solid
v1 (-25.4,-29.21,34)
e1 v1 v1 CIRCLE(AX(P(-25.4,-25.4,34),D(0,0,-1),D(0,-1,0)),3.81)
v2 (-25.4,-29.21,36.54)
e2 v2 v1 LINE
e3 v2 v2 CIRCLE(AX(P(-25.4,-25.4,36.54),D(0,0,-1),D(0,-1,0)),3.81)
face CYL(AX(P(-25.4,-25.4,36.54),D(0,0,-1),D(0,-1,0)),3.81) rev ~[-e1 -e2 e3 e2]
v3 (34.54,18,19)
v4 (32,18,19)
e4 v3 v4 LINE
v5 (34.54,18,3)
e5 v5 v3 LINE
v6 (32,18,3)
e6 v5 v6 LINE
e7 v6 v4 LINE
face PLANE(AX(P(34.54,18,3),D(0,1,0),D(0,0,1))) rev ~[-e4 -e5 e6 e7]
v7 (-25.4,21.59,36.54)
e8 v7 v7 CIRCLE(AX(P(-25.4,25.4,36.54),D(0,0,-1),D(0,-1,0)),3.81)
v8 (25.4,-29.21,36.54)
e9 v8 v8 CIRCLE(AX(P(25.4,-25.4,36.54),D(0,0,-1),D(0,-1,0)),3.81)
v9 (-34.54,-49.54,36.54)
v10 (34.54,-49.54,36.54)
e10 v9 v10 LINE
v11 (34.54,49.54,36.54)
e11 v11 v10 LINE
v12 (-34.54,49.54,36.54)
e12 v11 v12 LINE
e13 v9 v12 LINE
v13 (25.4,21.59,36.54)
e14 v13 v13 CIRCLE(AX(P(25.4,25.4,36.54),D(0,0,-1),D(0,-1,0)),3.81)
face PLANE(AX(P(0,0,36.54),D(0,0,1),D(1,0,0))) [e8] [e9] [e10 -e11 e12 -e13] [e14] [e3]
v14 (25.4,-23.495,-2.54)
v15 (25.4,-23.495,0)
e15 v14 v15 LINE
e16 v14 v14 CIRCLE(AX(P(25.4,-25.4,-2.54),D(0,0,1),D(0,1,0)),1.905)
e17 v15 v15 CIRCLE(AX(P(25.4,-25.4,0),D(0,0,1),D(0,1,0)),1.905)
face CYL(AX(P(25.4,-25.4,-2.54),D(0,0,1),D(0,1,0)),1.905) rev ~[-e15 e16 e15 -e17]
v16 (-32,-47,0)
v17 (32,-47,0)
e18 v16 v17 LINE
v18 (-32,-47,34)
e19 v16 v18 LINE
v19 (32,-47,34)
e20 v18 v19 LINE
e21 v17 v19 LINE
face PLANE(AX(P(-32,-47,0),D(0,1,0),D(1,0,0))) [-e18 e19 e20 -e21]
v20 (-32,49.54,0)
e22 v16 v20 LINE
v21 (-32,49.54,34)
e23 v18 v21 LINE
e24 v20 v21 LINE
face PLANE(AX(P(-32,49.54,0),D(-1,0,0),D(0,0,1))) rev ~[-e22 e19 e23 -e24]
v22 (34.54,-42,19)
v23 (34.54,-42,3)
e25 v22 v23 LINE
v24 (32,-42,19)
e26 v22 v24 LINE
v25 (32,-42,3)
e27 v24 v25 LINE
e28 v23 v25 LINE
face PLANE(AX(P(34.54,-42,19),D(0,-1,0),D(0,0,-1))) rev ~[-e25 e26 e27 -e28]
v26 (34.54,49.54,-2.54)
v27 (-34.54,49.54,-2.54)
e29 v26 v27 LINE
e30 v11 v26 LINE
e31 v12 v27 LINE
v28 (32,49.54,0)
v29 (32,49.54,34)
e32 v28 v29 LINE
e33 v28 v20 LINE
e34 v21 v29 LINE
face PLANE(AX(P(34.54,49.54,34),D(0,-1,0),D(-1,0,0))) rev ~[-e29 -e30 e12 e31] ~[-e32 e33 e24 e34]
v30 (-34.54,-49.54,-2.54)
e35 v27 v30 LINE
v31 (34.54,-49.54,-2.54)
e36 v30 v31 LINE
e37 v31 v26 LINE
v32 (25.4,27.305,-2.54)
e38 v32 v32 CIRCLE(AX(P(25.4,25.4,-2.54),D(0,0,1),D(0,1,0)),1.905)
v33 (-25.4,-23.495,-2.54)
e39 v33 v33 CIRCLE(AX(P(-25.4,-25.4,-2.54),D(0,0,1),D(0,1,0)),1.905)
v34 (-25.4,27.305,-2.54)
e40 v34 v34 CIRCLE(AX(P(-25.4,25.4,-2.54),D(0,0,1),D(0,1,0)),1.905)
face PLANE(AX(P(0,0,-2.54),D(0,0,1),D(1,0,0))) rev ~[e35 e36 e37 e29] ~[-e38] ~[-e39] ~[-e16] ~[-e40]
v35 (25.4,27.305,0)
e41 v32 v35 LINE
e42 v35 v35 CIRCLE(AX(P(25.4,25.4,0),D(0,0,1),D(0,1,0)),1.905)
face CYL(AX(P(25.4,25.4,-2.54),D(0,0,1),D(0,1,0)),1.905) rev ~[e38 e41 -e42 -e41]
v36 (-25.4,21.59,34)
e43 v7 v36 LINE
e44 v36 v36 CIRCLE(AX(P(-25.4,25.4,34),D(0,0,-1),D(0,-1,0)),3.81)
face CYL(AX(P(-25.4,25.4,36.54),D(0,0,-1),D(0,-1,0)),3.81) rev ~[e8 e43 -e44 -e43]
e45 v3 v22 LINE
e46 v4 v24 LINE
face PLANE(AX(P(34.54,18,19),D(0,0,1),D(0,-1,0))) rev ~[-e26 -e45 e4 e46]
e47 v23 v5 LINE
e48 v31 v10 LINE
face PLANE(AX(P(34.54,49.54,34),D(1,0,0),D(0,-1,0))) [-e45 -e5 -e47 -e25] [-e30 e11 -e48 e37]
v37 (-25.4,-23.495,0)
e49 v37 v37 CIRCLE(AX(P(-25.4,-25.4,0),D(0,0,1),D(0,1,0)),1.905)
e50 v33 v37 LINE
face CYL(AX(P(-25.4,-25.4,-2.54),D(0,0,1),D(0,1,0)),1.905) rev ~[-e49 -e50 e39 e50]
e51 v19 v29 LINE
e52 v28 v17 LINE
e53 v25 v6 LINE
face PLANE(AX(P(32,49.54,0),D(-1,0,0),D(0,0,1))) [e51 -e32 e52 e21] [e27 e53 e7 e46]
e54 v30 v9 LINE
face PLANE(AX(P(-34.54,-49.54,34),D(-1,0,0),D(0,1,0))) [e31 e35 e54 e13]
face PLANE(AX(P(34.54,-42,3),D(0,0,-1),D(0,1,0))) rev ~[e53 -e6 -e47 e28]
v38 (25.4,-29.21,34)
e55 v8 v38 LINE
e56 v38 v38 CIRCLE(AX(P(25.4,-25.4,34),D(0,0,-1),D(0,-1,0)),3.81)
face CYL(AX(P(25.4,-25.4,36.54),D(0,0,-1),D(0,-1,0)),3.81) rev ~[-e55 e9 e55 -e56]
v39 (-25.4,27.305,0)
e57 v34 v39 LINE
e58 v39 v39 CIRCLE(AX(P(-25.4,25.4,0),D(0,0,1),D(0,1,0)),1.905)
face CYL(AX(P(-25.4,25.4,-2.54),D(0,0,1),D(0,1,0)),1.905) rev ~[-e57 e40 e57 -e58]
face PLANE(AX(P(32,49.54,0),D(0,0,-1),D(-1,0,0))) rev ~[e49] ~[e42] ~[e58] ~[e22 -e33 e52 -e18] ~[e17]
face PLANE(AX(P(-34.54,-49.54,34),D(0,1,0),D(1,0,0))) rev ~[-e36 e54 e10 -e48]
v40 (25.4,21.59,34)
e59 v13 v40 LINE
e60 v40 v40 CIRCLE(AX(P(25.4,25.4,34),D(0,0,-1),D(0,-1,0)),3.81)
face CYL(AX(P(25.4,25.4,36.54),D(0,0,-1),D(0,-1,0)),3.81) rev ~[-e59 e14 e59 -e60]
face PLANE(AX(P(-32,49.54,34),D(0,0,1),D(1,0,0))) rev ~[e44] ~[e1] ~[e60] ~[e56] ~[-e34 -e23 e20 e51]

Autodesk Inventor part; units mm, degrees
ref_plane "YZ Plane" through (0, 0, 0) normal (1, 0, 0) x (0, 1, 0)
ref_plane "XZ Plane" through (0, 0, 0) normal (0, 1, 0) x (-1, 0, 0)
ref_plane "XY Plane" through (0, 0, 0) normal (0, 0, 1) x (1, 0, 0)
sketch "Sketch14" plane through (0, 0, 0) normal (0, 0, 1) x (1, 0, 0)
  line L0 (-34.54, -49.54) -> (34.54, -49.54)
  line L1 (34.54, -49.54) -> (34.54, 49.54)
  line L2 (34.54, 49.54) -> (-34.54, 49.54)
  line L3 (-34.54, 49.54) -> (-34.54, -49.54)
  line L4 (-34.54, -49.54) -> (34.54, 49.54) construction
  line L5 (34.54, -49.54) -> (-34.54, 49.54) construction
  point P0 (0, 0)
  dimension "d66" = 69.08
  dimension "d67" = 99.08
extrude "Extrusion9" add sketch "Sketch14" against normal blind 2.54
sketch "Sketch15" plane through (0, 0, 0) normal (0, 0, 1) x (1, 0, 0)
  line L0 (-34.54, -49.54) -> (-34.54, 49.54) projected
  line L1 (34.54, 49.54) -> (34.54, -49.54) projected
  line L2 (-34.54, -49.54) -> (34.54, -49.54)
  line L3 (34.54, -49.54) -> (34.54, 49.54)
  line L4 (34.54, 49.54) -> (-34.54, 49.54)
  line L5 (-34.54, 49.54) -> (-34.54, -49.54)
  line L6 (-32, -47) -> (32, -47)
  line L7 (32, -47) -> (32, 47)
  line L8 (32, 47) -> (-32, 47)
  line L9 (-32, 47) -> (-32, -47)
  line L10 (-32, -47) -> (32, 47) construction
  line L11 (32, -47) -> (-32, 47) construction
  point P0 (0, 0)
  point P1 (34.54, -49.54)
  dimension "d70" = 64
  dimension "d71" = 94
extrude "Extrusion10" add sketch "Sketch15" along normal blind 34
sketch "Sketch16" plane through (0, 0, 34) normal (0, 0, 1) x (1, 0, 0)
  line L0 (-34.54, -49.54) -> (-34.54, 49.54) projected
  line L1 (34.54, 49.54) -> (34.54, -49.54) projected
  line L2 (-34.54, -49.54) -> (34.54, -49.54)
  line L3 (34.54, -49.54) -> (34.54, 49.54)
  line L4 (34.54, 49.54) -> (-34.54, 49.54)
  line L5 (-34.54, 49.54) -> (-34.54, -49.54)
  point P0 (0, 0)
  point P1 (34.54, -49.54)
extrude "Extrusion11" add sketch "Sketch16" along normal blind 2.54
sketch "Sketch17" plane through (-34.54, 49.54, -2.54) normal (0, 1, 0) x (1, 0, 0)
  line L0 (66.54, -2.54) -> (66.54, -36.54) projected
  line L1 (2.54, -36.54) -> (66.54, -36.54) projected
  line L2 (2.54, -2.54) -> (2.54, -36.54) projected
  line L3 (66.54, -2.54) -> (2.54, -2.54) projected
  line L4 (2.54, -36.54) -> (66.54, -36.54)
  line L5 (66.54, -36.54) -> (66.54, -2.54)
  line L6 (66.54, -2.54) -> (2.54, -2.54)
  line L7 (2.54, -2.54) -> (2.54, -36.54)
  point P0 (34.54, -2.54)
extrude "Extrusion12" cut sketch "Sketch17" against normal blind 2.54
sketch "Sketch18" plane through (34.54, -49.54, -2.54) normal (1, 0, 0) x (0, 0, -1)
  line L0 (-2.54, 2.54) -> (-2.54, 99.08) projected
  line L1 (-36.54, 99.08) -> (-36.54, 2.54) projected
  line L2 (-2.54, 2.54) -> (-36.54, 2.54) projected
  line L3 (-21.54, 7.54) -> (-5.54, 7.54)
  line L4 (-5.54, 7.54) -> (-5.54, 67.54)
  line L5 (-5.54, 67.54) -> (-21.54, 67.54)
  line L6 (-21.54, 67.54) -> (-21.54, 7.54)
  line L7 (-21.54, 7.54) -> (-5.54, 67.54) construction
  line L8 (-5.54, 7.54) -> (-21.54, 67.54) construction
  line L9 (-39.08, 0) -> (-39.08, 99.08) projected
  point P0 (-2.54, 49.54)
  point P1 (-13.54, 37.54)
  dimension "d78" = 5
  dimension "d79" = 3
  dimension "d80" = 15
  dimension "d81" = 65
extrude "Extrusion13" cut sketch "Sketch18" against normal blind 2.54
sketch "Sketch19" plane through (0, 0, -2.54) normal (0, 0, -1) x (-1, 0, 0)
  line L0 (-25.4, -25.4) -> (25.4, -25.4) construction
  line L1 (25.4, -25.4) -> (25.4, 25.4) construction
  line L2 (25.4, 25.4) -> (-25.4, 25.4) construction
  line L3 (-25.4, 25.4) -> (-25.4, -25.4) construction
  line L4 (-25.4, -25.4) -> (25.4, 25.4) construction
  line L5 (25.4, -25.4) -> (-25.4, 25.4) construction
  point P0 (0, 0)
  dimension "d84" = 50.8
  dimension "d85" = 50.8
hole "Hole3" at (25.4, 25.4, -2.54) at (-25.4, 25.4, -2.54) at (-25.4, -25.4, -2.54) at (25.4, -25.4, -2.54) direction (0, 0, 1) diameter 3.81 end through all clearance for "Flat Head Machine Screw (82)" size "#6" standard "Ansi Unified Screw Threads"
sketch "Sketch22" plane through (0, 0, 36.54) normal (0, 0, 1) x (1, 0, 0)
  circle A0 centre (-25.4, 25.4) radius 1.905 projected
  circle A1 centre (25.4, 25.4) radius 1.905 projected
  circle A2 centre (25.4, -25.4) radius 1.905 projected
  circle A3 centre (-25.4, -25.4) radius 1.905 projected
  point P0 (0, 0)
hole "Hole4" at (-25.4, 25.4, 36.54) at (25.4, 25.4, 36.54) at (25.4, -25.4, 36.54) at (-25.4, -25.4, 36.54) direction (0, 0, -1) diameter 7.62 depth 2.54
equation "\"d66\" = piBoxExteriorWidth"
equation "\"d67\" = piBoxExteriorLength"
equation "\"d68\" = piBoxWallThickness"
equation "\"d70\" = piBoxInteriorWidth"
equation "\"d71\" = piBoxInteriorLength"
equation "\"d72\" = piBoxInteriorHeight"
equation "\"d74\" = piBoxWallThickness"
equation "\"d76\" = piBoxWallThickness"
equation "\"d82\" = piBoxWallThickness"
equation "\"piBoxInteriorLength\" = 94"
equation "\"piBoxInteriorWidth\" = 64"
equation "\"piBoxInteriorHeight\" = 34"
equation "\"piBoxThickness\" = 3.175"
equation "\"piBoxWallThickness\" = 2.54"
equation "\"piBoxExteriorLength\" = piBoxInteriorLength + 2 * piBoxWallThickness"
equation "\"piBoxExteriorHeight\" = piBoxInteriorHeight + piBoxWallThickness"
equation "\"piBoxExteriorWidth\" = piBoxInteriorWidth + 2 * piBoxWallThickness"
properties part number "piCaseAttachesToTripodClamp"
